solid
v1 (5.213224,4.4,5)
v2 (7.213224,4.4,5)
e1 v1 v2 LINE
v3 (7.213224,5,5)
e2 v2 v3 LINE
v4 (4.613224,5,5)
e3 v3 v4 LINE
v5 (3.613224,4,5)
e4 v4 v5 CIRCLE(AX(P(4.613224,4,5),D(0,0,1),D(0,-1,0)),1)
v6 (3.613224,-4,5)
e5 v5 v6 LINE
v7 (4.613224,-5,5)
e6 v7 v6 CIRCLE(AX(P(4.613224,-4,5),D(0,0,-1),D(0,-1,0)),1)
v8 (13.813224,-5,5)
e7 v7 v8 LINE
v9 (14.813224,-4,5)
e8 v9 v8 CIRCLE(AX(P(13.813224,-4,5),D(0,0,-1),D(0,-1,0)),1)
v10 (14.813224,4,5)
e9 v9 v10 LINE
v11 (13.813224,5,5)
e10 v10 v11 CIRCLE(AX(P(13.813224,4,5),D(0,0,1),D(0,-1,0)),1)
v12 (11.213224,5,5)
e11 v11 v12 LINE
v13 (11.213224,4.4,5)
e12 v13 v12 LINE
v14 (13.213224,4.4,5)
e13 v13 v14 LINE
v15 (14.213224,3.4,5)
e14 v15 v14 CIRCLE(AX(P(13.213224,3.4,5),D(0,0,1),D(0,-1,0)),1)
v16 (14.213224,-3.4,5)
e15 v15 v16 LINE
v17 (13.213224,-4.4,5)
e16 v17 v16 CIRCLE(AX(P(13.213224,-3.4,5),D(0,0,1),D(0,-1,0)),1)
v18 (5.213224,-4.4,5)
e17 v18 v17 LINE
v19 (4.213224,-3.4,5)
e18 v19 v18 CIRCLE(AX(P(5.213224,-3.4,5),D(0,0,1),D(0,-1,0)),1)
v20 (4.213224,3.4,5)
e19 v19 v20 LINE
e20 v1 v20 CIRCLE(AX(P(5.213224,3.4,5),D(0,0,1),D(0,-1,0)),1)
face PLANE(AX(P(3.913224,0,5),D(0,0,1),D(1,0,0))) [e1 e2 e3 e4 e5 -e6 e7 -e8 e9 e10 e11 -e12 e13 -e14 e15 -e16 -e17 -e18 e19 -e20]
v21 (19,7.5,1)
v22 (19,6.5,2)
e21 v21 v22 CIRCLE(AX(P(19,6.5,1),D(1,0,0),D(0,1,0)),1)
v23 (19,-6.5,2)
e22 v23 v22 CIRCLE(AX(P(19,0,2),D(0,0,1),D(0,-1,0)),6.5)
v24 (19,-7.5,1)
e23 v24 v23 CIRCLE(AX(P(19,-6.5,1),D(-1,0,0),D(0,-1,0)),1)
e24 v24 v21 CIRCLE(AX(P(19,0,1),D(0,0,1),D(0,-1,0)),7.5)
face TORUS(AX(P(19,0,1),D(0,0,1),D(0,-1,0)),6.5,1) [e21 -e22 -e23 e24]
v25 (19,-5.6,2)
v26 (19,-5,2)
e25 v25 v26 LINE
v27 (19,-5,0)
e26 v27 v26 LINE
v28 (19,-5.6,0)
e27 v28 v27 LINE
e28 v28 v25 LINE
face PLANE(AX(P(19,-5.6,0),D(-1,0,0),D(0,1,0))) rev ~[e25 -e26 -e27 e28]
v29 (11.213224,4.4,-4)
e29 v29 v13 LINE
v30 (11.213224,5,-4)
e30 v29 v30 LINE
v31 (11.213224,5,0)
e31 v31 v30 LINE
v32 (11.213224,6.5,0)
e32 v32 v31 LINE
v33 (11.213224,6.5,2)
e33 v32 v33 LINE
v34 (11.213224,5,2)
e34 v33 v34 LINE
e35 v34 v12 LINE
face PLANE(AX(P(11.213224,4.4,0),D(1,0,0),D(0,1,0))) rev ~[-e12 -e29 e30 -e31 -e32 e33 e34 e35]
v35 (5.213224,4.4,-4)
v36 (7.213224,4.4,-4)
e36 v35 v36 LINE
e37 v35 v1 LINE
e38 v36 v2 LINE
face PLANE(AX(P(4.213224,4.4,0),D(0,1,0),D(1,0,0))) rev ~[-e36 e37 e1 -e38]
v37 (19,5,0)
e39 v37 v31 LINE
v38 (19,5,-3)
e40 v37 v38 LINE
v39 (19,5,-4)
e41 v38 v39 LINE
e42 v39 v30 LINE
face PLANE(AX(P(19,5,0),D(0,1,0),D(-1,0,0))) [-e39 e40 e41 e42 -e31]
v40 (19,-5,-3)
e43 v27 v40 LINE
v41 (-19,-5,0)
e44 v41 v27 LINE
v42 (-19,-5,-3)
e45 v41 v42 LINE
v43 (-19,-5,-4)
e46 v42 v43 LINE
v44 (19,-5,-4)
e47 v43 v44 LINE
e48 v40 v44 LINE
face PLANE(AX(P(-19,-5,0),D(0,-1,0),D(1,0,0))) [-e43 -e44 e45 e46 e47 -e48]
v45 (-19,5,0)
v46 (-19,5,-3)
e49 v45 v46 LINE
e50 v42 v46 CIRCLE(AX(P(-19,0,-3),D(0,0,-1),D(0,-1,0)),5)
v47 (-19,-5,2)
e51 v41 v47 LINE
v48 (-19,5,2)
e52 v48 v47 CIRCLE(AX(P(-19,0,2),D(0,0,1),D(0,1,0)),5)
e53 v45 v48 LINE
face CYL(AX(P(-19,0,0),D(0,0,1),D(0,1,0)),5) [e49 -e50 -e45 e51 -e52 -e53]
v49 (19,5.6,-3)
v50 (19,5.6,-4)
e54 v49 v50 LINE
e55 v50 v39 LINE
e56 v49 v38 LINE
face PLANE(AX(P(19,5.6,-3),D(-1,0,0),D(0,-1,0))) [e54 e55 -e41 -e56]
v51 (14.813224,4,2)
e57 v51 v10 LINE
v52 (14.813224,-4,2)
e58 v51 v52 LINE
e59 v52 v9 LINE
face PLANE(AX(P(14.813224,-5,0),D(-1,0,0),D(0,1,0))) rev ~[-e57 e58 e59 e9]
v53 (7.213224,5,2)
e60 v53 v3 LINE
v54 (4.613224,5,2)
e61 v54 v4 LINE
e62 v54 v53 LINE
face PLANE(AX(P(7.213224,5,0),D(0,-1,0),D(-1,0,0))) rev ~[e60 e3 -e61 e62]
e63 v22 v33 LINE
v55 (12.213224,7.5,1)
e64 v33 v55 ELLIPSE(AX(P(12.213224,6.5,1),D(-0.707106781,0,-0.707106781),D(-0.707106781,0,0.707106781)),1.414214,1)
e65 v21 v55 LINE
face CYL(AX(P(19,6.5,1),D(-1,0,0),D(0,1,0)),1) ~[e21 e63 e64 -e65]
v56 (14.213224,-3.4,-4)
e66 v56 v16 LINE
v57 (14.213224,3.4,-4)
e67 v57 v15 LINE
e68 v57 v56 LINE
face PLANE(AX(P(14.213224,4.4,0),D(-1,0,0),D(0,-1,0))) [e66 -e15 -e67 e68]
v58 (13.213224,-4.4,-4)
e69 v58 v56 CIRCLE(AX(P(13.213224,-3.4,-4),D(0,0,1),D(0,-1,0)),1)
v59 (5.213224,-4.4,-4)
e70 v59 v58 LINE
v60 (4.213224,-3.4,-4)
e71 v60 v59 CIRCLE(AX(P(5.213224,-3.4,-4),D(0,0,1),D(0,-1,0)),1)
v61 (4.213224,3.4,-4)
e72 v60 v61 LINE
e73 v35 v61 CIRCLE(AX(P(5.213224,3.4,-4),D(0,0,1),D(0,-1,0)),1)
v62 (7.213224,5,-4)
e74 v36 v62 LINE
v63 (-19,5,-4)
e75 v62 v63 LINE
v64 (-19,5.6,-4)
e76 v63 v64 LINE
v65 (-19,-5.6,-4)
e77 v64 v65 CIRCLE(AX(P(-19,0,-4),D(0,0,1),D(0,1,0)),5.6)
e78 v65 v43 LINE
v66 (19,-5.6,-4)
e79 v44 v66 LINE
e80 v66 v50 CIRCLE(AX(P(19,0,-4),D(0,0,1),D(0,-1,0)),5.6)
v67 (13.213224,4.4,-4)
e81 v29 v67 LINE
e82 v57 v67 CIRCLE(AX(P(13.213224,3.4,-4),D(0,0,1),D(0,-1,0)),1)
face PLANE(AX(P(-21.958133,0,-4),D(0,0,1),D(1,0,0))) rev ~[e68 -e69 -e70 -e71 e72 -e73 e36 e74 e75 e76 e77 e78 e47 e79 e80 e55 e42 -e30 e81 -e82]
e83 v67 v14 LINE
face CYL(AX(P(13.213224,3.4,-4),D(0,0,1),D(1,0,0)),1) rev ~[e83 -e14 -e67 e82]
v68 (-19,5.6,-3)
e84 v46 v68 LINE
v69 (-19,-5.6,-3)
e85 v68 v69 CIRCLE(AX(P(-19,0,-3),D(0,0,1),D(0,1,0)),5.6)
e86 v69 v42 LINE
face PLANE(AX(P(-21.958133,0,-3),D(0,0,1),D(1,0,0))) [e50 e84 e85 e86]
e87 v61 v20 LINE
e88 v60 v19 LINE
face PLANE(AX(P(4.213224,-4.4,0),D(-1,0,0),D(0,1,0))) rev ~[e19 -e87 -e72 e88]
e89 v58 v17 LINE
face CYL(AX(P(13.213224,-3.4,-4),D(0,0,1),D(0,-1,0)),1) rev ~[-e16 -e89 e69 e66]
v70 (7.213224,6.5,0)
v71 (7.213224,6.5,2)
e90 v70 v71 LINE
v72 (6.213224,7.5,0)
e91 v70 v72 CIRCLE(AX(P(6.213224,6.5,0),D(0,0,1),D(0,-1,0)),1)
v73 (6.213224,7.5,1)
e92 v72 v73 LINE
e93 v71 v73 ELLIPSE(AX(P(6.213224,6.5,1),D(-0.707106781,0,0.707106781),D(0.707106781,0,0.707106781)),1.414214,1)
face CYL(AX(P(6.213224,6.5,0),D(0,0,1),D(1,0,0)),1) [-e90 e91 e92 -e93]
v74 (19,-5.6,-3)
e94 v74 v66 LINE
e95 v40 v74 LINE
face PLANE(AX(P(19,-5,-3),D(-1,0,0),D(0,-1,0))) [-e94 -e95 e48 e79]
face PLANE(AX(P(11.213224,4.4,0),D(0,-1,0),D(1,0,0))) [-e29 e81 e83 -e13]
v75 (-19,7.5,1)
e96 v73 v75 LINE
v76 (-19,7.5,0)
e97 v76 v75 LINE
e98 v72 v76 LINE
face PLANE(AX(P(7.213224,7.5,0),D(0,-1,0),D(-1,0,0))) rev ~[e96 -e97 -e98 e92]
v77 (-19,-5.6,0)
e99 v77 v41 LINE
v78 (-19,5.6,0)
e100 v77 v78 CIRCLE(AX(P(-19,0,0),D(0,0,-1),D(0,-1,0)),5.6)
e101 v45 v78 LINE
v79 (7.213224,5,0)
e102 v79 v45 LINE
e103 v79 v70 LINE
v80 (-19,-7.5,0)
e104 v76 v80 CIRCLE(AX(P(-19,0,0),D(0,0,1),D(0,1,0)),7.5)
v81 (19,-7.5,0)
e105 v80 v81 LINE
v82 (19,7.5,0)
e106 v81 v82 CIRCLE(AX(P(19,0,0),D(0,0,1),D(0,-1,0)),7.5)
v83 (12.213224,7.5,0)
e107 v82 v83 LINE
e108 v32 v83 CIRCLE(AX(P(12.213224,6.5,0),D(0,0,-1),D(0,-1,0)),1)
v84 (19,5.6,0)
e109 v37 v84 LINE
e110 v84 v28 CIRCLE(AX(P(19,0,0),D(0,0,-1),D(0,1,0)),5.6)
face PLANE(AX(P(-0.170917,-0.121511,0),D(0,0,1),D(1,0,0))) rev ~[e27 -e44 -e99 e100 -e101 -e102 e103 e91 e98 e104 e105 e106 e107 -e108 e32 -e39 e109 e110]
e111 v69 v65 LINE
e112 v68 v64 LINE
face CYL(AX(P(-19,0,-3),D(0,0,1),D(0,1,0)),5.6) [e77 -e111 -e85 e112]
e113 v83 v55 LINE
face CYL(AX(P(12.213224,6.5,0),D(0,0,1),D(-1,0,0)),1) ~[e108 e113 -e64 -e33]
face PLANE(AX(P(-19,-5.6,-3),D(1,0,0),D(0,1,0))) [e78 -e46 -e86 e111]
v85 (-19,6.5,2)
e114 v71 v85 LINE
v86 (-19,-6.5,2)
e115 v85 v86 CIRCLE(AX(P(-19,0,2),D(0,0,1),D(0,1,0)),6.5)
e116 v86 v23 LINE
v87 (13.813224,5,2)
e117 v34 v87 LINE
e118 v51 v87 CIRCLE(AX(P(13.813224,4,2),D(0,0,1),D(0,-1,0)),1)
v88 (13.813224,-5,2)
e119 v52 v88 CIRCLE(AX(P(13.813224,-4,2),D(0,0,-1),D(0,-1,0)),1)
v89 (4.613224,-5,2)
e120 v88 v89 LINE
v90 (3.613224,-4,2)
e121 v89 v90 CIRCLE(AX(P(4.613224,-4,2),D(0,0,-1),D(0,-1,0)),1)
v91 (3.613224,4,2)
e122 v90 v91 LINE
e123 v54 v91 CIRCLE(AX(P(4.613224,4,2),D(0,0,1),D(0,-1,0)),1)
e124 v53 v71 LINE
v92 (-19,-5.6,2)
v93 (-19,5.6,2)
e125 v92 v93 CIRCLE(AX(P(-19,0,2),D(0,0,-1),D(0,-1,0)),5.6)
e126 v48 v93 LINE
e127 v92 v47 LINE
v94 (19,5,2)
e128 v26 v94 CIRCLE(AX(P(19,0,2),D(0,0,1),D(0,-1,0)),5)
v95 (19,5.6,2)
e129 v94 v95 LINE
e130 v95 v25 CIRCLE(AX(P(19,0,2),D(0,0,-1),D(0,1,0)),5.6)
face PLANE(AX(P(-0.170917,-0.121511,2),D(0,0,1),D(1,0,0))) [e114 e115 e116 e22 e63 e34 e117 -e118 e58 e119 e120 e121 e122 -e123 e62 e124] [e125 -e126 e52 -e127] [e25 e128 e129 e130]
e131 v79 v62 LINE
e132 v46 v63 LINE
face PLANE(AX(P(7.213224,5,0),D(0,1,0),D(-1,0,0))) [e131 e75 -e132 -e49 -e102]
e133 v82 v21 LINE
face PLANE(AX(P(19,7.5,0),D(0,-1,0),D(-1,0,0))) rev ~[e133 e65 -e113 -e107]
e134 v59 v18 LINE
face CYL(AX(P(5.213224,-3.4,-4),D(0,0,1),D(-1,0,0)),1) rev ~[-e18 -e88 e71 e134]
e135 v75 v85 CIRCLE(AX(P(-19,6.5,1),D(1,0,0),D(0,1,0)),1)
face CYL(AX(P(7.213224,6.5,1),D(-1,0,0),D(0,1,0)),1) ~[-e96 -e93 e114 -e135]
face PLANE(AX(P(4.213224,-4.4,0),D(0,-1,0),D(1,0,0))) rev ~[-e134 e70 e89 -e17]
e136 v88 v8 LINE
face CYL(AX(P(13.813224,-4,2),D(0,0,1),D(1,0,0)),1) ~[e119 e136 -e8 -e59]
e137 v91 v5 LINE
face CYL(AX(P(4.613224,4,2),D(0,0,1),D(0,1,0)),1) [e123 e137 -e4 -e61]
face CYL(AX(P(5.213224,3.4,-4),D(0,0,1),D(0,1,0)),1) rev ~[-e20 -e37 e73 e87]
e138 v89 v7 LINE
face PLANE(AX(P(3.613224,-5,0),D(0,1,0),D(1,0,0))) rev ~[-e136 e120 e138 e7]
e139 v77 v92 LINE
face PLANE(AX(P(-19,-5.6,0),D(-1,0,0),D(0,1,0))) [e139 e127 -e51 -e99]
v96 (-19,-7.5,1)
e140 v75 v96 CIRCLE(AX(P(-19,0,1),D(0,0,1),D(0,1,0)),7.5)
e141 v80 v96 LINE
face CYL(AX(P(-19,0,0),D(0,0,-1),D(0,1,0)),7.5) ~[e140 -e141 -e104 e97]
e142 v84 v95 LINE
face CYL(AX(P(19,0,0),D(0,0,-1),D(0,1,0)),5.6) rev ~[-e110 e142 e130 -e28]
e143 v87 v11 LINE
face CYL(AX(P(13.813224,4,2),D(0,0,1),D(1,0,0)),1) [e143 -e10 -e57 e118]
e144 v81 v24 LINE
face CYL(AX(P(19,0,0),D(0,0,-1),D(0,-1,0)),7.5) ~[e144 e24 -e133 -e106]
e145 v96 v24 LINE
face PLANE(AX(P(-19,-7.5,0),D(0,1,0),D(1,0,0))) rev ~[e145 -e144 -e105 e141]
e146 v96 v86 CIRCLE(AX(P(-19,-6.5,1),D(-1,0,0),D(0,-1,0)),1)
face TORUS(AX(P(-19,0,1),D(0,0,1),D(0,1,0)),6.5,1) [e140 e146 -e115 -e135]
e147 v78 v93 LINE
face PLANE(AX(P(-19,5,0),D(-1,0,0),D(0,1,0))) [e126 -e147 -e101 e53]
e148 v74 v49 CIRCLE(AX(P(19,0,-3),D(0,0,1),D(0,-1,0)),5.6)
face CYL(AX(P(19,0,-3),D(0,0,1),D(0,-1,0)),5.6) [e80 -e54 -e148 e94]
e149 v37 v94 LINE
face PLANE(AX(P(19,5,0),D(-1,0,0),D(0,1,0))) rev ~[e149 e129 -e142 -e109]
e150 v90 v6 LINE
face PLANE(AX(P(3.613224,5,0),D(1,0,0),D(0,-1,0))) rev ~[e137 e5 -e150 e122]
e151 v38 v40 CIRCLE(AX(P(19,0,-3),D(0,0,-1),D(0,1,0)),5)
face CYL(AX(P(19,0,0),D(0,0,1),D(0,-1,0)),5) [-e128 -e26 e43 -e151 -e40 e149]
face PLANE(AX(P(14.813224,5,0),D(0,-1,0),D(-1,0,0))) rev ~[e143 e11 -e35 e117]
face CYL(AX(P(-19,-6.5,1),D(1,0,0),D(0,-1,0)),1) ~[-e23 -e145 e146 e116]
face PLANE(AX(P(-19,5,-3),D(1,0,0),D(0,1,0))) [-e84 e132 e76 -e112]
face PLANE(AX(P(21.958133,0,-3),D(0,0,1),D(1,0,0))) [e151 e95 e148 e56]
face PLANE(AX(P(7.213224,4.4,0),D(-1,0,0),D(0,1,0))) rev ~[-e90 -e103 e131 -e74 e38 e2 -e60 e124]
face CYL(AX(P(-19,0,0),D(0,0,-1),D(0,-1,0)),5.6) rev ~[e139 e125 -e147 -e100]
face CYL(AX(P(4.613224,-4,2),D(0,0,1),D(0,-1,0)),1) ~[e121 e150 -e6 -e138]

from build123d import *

# Parameters (mm, degrees)
F0_W     = 22.6132244859
F0_H     = 0.6
F0_W_2   = 4.1867755141
F0_W_3   = 10
F0_W_4   = 3
F1_DEPTH = 2
F2_DEPTH = 4
F3_START = -3
F3_DEPTH = 1
F4_DEPTH = 5
F5_R     = 1


with BuildPart() as f1:
    # F0 (on Top) → F1 (new body)
    with BuildSketch(Plane.XY):
        with BuildLine():
            ThreePointArc((-19, -5.6), (-24.6, 0), (-19, 5.6))
            Line((-19, 5.6), (3.6132244859, 5.6))
            Line((3.6132244859, 5.6), (7.2132244859, 5.6))
            Line((7.2132244859, 5.6), (7.2132244859, 7.5))
            Line((7.2132244859, 7.5), (-19, 7.5))
            ThreePointArc((-19, 7.5), (-26.5, 0), (-19, -7.5))
            Line((-19, -7.5), (19, -7.5))
            ThreePointArc((19, -7.5), (26.5, 0), (19, 7.5))
            Line((19, 7.5), (11.2132244859, 7.5))
            Line((11.2132244859, 7.5), (11.2132244859, 5.6))
            Line((11.2132244859, 5.6), (14.8132244859, 5.6))
            Line((14.8132244859, 5.6), (19, 5.6))
            ThreePointArc((19, 5.6), (24.6, 0), (19, -5.6))
            Line((19, -5.6), (14.8132244859, -5.6))
            Line((14.8132244859, -5.6), (3.6132244859, -5.6))
            Line((3.6132244859, -5.6), (-19, -5.6))
        make_face()
        with Locations((-7.6933877571, 5.3)):
            Rectangle(F0_W, F0_H)
        with Locations((16.9066122429, 5.3)):
            Rectangle(F0_W_2, F0_H)
        with Locations((-7.6933877571, -5.3)):
            Rectangle(F0_W, F0_H)
        with Locations((16.9066122429, -5.3)):
            Rectangle(F0_W_2, F0_H)
        with BuildLine():
            Line((3.6132244859, 5), (-19, 5))
            ThreePointArc((-19, 5), (-24, 0), (-19, -5))
            Line((-19, -5), (3.6132244859, -5))
            Line((3.6132244859, -5), (3.6132244859, 5))
        make_face()
        Polygon((4.2132244859, 5), (3.6132244859, 5), (3.6132244859, -5), (4.2132244859, -5), (4.2132244859, -4.4), (4.2132244859, 4.4), align=None)
        Polygon((3.6132244859, 5.6), (3.6132244859, 5), (4.2132244859, 5), (7.2132244859, 5), (7.2132244859, 5.6), align=None)
        with BuildLine():
            Line((14.8132244859, 5), (14.8132244859, -5))
            Line((14.8132244859, -5), (19, -5))
            ThreePointArc((19, -5), (24, 0), (19, 5))
            Line((19, 5), (14.8132244859, 5))
        make_face()
        Polygon((4.2132244859, -5), (3.6132244859, -5), (3.6132244859, -5.6), (14.8132244859, -5.6), (14.8132244859, -5), (14.2132244859, -5), align=None)
        Polygon((14.2132244859, -4.4), (14.2132244859, -5), (14.8132244859, -5), (14.8132244859, 5), (14.2132244859, 5), (14.2132244859, 4.4), align=None)
        Polygon((14.2132244859, 5), (14.8132244859, 5), (14.8132244859, 5.6), (11.2132244859, 5.6), (11.2132244859, 5), align=None)
        with Locations((9.2132244859, -4.7)):
            Rectangle(F0_W_3, F0_H)
        with Locations((5.7132244859, 4.7)):
            Rectangle(F0_W_4, F0_H)
        with Locations((12.7132244859, 4.7)):
            Rectangle(F0_W_4, F0_H)
    extrude(amount=F1_DEPTH)

    # F0 (on Top) → F2 (join)
    with BuildSketch(Plane.XY):
        with BuildLine():
            Line((3.6132244859, 5), (-19, 5))
            ThreePointArc((-19, 5), (-24, 0), (-19, -5))
            Line((-19, -5), (3.6132244859, -5))
            Line((3.6132244859, -5), (3.6132244859, 5))
        make_face()
        with BuildLine():
            Line((14.8132244859, 5), (14.8132244859, -5))
            Line((14.8132244859, -5), (19, -5))
            ThreePointArc((19, -5), (24, 0), (19, 5))
            Line((19, 5), (14.8132244859, 5))
        make_face()
        Polygon((4.2132244859, 5), (3.6132244859, 5), (3.6132244859, -5), (4.2132244859, -5), (4.2132244859, -4.4), (4.2132244859, 4.4), align=None)
        Polygon((14.2132244859, -4.4), (14.2132244859, -5), (14.8132244859, -5), (14.8132244859, 5), (14.2132244859, 5), (14.2132244859, 4.4), align=None)
        with Locations((9.2132244859, -4.7)):
            Rectangle(F0_W_3, F0_H)
        with Locations((5.7132244859, 4.7)):
            Rectangle(F0_W_4, F0_H)
        with Locations((12.7132244859, 4.7)):
            Rectangle(F0_W_4, F0_H)
    extrude(amount=-F2_DEPTH)

    # F0 (on Top) → F3 (join)
    with BuildSketch(Plane.XY.offset(F3_START)):
        with BuildLine():
            ThreePointArc((-19, -5), (-24, 0), (-19, 5))
            Line((-19, 5), (-19, 5.6))
            ThreePointArc((-19, 5.6), (-24.6, 0), (-19, -5.6))
            Line((-19, -5.6), (-19, -5))
        make_face()
        with BuildLine():
            Line((19, -5), (19, -5.6))
            ThreePointArc((19, -5.6), (24.6, 0), (19, 5.6))
            Line((19, 5.6), (19, 5))
            ThreePointArc((19, 5), (24, 0), (19, -5))
        make_face()
    extrude(amount=-F3_DEPTH)

    # F0 (on Top) → F4 (join)
    with BuildSketch(Plane.XY):
        Polygon((4.2132244859, 5), (3.6132244859, 5), (3.6132244859, -5), (4.2132244859, -5), (4.2132244859, -4.4), (4.2132244859, 4.4), align=None)
        Polygon((14.2132244859, -4.4), (14.2132244859, -5), (14.8132244859, -5), (14.8132244859, 5), (14.2132244859, 5), (14.2132244859, 4.4), align=None)
        with Locations((9.2132244859, -4.7)):
            Rectangle(F0_W_3, F0_H)
        with Locations((5.7132244859, 4.7)):
            Rectangle(F0_W_4, F0_H)
        with Locations((12.7132244859, 4.7)):
            Rectangle(F0_W_4, F0_H)
    extrude(amount=F4_DEPTH)

    # F5
    f5_edges = [f1.edges().sort_by_distance(p)[0] for p in [
        (11.213224, 7.5, 1),
        (7.213224, 7.5, 1),
        (0, -7.5, 2),
        (4.213224, -4.4, 0.5),
        (14.213224, -4.4, 0.5),
        (3.613224, -5, 3.5),
        (14.813224, -5, 3.5),
        (14.813224, 5, 3.5),
        (3.613224, 5, 3.5),
        (4.213224, 4.4, 0.5),
        (14.213224, 4.4, 0.5),
    ]]
    fillet(f5_edges, radius=F5_R)


solid = f1.part
